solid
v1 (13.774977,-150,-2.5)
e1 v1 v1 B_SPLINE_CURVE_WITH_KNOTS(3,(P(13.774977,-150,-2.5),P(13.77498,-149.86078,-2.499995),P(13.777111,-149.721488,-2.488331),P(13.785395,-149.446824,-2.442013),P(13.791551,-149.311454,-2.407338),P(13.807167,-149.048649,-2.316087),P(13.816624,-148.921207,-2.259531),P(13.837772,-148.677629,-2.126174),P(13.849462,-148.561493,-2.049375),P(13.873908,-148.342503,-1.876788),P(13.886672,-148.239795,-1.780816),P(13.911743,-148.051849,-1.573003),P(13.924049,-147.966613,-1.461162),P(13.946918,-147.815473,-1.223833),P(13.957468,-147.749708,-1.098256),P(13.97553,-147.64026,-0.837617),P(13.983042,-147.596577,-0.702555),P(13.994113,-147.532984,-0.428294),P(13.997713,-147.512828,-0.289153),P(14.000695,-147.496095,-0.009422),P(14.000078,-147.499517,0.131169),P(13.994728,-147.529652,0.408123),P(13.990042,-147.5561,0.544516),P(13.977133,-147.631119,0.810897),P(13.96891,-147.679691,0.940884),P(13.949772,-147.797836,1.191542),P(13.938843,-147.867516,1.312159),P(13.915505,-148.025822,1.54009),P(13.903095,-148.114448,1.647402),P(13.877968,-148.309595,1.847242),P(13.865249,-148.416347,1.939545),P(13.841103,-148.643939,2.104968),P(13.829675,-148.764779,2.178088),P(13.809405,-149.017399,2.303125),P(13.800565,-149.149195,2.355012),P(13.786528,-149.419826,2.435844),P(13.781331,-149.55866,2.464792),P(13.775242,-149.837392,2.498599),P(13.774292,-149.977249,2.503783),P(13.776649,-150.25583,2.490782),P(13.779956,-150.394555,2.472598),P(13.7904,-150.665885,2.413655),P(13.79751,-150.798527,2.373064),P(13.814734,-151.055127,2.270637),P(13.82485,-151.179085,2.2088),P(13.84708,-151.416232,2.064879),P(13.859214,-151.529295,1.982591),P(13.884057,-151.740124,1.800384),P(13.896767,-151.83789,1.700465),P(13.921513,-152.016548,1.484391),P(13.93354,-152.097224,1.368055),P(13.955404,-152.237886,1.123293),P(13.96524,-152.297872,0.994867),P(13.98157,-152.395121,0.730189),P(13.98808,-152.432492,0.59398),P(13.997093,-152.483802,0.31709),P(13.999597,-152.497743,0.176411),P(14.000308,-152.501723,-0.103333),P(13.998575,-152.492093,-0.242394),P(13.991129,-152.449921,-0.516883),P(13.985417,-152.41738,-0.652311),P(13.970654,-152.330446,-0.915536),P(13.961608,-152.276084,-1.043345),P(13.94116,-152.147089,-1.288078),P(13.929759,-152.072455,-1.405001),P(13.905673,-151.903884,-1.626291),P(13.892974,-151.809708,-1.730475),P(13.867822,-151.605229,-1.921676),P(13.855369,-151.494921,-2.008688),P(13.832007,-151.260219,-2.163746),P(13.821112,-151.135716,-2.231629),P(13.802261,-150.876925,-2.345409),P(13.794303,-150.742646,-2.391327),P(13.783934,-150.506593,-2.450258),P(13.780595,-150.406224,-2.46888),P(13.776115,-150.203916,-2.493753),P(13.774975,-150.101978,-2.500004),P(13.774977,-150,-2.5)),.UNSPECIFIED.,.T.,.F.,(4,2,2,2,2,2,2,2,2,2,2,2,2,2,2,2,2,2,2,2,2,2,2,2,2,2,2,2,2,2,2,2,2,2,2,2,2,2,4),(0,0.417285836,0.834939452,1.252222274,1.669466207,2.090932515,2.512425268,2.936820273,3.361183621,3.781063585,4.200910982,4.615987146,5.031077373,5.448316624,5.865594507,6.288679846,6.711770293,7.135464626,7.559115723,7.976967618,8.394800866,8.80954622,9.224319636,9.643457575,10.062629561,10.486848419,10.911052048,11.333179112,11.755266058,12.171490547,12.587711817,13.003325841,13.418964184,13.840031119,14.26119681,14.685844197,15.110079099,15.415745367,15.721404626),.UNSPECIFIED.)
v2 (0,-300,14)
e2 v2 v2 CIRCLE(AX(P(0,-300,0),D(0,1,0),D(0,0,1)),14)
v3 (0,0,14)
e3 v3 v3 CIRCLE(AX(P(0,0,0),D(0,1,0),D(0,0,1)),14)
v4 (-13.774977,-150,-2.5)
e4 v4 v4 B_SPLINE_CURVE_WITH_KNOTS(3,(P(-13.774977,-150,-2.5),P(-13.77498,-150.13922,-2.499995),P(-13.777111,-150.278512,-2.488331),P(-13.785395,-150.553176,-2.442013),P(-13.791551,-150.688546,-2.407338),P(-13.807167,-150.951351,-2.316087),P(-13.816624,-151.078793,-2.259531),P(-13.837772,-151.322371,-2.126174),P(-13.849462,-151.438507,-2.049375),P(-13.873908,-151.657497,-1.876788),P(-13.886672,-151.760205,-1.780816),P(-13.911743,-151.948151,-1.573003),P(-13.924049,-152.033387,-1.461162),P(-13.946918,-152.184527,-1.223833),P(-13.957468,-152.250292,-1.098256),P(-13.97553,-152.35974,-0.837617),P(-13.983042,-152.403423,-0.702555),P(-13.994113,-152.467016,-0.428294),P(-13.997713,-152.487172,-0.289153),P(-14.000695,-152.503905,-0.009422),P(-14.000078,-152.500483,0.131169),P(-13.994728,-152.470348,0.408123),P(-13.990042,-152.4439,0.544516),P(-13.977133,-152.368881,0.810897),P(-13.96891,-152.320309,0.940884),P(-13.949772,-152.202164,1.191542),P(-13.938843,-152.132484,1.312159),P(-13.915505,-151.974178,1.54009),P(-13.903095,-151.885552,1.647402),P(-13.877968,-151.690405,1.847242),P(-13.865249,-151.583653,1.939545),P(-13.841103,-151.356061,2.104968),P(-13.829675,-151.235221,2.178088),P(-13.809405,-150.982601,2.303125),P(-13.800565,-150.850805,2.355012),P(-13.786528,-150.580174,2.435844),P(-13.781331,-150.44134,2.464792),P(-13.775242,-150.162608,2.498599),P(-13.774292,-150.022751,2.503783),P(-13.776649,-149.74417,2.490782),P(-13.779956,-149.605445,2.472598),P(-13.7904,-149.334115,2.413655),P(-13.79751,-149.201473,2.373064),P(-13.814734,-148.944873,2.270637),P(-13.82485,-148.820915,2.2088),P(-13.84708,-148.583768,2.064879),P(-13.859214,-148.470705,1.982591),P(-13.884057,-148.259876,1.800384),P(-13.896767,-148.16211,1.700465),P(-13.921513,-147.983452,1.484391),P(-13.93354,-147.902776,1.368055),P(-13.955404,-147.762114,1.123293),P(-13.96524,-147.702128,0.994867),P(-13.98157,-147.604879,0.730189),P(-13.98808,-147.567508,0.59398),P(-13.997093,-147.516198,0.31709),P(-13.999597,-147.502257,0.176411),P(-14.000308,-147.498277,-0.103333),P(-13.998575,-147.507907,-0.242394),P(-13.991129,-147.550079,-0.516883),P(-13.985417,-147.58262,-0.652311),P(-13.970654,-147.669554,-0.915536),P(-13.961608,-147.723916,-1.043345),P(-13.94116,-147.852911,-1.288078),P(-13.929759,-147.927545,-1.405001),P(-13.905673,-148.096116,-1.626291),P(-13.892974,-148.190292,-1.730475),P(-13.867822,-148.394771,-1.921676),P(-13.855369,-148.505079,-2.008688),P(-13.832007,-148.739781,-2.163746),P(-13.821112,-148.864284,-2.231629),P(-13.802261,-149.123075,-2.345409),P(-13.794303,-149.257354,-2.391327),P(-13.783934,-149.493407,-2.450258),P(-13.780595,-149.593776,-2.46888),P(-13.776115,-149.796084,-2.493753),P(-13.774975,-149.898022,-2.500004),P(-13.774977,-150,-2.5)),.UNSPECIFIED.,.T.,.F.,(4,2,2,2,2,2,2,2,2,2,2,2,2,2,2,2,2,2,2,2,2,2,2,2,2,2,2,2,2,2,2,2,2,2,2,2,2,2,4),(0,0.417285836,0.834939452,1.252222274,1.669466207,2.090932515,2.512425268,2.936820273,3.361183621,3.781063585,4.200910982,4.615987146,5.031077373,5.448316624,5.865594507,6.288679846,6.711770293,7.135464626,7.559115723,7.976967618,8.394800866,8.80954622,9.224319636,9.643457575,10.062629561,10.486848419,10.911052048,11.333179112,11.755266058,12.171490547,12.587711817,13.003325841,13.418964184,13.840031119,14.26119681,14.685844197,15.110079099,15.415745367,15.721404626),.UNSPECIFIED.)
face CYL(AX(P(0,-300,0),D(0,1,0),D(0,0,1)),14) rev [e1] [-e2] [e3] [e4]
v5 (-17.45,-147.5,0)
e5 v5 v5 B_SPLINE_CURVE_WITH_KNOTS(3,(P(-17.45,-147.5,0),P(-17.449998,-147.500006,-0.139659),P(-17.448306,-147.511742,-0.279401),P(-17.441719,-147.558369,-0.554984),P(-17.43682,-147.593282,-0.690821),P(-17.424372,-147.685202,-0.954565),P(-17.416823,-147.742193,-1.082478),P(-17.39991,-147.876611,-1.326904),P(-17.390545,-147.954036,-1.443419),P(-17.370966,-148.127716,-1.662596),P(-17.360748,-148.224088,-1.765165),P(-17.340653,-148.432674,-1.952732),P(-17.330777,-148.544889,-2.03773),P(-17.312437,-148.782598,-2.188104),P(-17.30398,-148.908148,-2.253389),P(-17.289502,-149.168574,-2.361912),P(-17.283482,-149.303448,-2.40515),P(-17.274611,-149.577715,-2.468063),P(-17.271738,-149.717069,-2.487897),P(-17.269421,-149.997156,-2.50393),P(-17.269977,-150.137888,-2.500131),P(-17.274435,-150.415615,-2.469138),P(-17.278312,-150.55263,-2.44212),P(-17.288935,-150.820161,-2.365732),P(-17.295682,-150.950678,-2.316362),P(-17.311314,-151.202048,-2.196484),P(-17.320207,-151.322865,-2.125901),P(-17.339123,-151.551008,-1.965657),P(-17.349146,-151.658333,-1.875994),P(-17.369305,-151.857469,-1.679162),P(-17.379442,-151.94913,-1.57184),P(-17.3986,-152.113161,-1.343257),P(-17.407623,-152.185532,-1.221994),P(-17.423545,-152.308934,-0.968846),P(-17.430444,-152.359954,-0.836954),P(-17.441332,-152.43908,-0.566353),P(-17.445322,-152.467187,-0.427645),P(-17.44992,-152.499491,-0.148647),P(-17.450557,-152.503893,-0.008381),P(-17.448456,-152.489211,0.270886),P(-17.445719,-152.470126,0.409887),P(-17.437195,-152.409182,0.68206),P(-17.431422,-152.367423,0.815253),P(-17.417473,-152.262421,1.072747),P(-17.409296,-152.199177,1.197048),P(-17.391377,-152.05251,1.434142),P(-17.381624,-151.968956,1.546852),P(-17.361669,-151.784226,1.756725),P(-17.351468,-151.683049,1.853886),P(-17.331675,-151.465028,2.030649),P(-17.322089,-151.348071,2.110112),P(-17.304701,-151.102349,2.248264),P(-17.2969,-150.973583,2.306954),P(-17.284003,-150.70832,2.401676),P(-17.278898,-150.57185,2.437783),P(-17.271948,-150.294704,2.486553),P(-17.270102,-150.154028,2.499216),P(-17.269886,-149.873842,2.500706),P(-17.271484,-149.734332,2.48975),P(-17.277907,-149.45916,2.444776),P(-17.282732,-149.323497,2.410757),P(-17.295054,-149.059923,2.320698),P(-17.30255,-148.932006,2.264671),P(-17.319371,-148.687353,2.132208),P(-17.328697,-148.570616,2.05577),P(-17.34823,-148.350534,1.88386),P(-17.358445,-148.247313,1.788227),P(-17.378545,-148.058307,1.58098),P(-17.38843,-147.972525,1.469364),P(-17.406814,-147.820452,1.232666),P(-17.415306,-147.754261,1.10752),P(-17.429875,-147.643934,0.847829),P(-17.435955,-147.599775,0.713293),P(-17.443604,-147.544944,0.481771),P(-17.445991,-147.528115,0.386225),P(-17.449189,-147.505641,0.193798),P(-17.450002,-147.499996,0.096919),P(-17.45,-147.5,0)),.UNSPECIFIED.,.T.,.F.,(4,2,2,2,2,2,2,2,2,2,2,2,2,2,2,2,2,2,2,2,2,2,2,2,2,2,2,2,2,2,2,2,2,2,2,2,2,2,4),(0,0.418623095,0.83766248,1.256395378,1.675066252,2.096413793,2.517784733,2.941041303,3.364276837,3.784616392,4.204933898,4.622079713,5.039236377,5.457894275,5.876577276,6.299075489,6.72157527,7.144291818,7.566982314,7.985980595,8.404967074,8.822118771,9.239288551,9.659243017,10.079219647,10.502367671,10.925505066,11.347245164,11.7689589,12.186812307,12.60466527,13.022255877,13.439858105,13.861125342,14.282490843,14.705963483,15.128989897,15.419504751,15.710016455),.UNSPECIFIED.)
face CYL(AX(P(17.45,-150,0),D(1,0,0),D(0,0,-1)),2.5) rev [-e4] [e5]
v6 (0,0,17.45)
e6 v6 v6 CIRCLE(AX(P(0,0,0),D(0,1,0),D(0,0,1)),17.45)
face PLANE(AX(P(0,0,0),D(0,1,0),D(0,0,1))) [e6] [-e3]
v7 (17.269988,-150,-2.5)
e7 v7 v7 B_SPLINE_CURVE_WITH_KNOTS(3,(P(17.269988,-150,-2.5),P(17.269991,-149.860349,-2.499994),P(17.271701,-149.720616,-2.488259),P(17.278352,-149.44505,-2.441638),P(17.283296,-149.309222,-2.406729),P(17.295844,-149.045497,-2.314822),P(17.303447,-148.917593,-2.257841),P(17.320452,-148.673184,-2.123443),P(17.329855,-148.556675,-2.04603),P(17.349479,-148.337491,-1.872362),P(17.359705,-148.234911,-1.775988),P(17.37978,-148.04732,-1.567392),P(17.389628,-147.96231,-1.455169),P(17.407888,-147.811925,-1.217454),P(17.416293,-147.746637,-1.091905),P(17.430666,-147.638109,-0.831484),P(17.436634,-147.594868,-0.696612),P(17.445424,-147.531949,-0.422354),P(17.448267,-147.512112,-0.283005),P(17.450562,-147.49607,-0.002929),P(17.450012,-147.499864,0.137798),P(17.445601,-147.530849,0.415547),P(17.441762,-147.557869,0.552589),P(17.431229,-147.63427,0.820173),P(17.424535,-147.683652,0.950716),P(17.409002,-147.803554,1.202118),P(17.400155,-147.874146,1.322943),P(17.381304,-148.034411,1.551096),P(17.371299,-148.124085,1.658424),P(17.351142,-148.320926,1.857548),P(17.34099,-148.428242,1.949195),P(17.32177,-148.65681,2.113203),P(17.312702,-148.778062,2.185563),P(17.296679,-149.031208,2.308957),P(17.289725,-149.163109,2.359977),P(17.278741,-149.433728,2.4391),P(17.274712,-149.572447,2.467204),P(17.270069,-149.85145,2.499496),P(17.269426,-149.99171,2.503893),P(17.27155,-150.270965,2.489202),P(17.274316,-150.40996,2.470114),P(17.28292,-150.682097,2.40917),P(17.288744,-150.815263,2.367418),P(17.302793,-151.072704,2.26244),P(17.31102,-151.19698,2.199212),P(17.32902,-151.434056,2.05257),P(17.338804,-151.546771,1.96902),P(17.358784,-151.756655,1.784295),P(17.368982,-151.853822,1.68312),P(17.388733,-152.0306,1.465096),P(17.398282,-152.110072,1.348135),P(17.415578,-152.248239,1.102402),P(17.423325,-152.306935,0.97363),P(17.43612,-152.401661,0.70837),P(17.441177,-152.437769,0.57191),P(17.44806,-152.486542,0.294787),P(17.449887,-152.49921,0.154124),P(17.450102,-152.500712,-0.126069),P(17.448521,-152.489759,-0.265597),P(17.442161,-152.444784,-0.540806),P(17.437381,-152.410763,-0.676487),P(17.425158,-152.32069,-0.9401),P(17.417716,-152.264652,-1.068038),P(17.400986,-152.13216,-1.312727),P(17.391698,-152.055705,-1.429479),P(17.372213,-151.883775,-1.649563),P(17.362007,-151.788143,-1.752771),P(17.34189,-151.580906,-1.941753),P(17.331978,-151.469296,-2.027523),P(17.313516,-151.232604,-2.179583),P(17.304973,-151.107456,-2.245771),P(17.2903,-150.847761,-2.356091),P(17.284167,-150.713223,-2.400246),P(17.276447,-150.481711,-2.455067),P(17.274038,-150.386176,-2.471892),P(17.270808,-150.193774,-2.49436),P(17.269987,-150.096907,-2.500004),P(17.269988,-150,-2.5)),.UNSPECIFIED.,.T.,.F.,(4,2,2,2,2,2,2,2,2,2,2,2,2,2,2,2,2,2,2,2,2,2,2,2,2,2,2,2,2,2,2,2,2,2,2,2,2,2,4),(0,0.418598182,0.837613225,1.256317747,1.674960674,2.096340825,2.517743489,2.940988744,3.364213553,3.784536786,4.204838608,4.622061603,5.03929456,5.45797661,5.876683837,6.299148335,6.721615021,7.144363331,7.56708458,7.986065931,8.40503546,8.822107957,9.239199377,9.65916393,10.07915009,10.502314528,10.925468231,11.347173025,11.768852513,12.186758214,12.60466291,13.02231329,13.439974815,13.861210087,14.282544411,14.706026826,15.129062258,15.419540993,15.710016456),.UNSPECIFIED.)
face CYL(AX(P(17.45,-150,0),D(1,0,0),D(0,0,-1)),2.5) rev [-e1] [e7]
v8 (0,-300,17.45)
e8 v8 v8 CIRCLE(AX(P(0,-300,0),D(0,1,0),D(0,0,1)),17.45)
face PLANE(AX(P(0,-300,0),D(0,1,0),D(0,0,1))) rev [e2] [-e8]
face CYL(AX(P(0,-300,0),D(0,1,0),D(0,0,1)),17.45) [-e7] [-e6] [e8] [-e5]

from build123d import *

# Parameters (mm, degrees)
SKETCH2_R                   = 17.45
SKETCH2_R_2                 = 14
BOSS_EXTRUDE1_DEPTH         = 300
TAP_DRILL_FOR_M6X1_0_TAP2_D = 5


with BuildPart() as part:
    # Sketch2 → Boss-Extrude1 (new body)
    with BuildSketch(Plane(origin=(0, 0, 0), x_dir=(1, 0, 0), z_dir=(0, 1, 0))):
        with Locations(Location((0, 0, 0), (0, 0, 270))):
            Circle(SKETCH2_R)
        with Locations(Location((0, 0, 0), (0, 0, 270))):
            Circle(SKETCH2_R_2, mode=Mode.SUBTRACT)
    extrude(amount=-BOSS_EXTRUDE1_DEPTH)

    # Tap Drill for M6x1.0 Tap2 (through all)
    with Locations(Plane(origin=(17.45, 0, 0), x_dir=(0, 0, -1), z_dir=(1, 0, 0))):
        with Locations((0, -150)):
            Hole(TAP_DRILL_FOR_M6X1_0_TAP2_D / 2)


solid = part.part
